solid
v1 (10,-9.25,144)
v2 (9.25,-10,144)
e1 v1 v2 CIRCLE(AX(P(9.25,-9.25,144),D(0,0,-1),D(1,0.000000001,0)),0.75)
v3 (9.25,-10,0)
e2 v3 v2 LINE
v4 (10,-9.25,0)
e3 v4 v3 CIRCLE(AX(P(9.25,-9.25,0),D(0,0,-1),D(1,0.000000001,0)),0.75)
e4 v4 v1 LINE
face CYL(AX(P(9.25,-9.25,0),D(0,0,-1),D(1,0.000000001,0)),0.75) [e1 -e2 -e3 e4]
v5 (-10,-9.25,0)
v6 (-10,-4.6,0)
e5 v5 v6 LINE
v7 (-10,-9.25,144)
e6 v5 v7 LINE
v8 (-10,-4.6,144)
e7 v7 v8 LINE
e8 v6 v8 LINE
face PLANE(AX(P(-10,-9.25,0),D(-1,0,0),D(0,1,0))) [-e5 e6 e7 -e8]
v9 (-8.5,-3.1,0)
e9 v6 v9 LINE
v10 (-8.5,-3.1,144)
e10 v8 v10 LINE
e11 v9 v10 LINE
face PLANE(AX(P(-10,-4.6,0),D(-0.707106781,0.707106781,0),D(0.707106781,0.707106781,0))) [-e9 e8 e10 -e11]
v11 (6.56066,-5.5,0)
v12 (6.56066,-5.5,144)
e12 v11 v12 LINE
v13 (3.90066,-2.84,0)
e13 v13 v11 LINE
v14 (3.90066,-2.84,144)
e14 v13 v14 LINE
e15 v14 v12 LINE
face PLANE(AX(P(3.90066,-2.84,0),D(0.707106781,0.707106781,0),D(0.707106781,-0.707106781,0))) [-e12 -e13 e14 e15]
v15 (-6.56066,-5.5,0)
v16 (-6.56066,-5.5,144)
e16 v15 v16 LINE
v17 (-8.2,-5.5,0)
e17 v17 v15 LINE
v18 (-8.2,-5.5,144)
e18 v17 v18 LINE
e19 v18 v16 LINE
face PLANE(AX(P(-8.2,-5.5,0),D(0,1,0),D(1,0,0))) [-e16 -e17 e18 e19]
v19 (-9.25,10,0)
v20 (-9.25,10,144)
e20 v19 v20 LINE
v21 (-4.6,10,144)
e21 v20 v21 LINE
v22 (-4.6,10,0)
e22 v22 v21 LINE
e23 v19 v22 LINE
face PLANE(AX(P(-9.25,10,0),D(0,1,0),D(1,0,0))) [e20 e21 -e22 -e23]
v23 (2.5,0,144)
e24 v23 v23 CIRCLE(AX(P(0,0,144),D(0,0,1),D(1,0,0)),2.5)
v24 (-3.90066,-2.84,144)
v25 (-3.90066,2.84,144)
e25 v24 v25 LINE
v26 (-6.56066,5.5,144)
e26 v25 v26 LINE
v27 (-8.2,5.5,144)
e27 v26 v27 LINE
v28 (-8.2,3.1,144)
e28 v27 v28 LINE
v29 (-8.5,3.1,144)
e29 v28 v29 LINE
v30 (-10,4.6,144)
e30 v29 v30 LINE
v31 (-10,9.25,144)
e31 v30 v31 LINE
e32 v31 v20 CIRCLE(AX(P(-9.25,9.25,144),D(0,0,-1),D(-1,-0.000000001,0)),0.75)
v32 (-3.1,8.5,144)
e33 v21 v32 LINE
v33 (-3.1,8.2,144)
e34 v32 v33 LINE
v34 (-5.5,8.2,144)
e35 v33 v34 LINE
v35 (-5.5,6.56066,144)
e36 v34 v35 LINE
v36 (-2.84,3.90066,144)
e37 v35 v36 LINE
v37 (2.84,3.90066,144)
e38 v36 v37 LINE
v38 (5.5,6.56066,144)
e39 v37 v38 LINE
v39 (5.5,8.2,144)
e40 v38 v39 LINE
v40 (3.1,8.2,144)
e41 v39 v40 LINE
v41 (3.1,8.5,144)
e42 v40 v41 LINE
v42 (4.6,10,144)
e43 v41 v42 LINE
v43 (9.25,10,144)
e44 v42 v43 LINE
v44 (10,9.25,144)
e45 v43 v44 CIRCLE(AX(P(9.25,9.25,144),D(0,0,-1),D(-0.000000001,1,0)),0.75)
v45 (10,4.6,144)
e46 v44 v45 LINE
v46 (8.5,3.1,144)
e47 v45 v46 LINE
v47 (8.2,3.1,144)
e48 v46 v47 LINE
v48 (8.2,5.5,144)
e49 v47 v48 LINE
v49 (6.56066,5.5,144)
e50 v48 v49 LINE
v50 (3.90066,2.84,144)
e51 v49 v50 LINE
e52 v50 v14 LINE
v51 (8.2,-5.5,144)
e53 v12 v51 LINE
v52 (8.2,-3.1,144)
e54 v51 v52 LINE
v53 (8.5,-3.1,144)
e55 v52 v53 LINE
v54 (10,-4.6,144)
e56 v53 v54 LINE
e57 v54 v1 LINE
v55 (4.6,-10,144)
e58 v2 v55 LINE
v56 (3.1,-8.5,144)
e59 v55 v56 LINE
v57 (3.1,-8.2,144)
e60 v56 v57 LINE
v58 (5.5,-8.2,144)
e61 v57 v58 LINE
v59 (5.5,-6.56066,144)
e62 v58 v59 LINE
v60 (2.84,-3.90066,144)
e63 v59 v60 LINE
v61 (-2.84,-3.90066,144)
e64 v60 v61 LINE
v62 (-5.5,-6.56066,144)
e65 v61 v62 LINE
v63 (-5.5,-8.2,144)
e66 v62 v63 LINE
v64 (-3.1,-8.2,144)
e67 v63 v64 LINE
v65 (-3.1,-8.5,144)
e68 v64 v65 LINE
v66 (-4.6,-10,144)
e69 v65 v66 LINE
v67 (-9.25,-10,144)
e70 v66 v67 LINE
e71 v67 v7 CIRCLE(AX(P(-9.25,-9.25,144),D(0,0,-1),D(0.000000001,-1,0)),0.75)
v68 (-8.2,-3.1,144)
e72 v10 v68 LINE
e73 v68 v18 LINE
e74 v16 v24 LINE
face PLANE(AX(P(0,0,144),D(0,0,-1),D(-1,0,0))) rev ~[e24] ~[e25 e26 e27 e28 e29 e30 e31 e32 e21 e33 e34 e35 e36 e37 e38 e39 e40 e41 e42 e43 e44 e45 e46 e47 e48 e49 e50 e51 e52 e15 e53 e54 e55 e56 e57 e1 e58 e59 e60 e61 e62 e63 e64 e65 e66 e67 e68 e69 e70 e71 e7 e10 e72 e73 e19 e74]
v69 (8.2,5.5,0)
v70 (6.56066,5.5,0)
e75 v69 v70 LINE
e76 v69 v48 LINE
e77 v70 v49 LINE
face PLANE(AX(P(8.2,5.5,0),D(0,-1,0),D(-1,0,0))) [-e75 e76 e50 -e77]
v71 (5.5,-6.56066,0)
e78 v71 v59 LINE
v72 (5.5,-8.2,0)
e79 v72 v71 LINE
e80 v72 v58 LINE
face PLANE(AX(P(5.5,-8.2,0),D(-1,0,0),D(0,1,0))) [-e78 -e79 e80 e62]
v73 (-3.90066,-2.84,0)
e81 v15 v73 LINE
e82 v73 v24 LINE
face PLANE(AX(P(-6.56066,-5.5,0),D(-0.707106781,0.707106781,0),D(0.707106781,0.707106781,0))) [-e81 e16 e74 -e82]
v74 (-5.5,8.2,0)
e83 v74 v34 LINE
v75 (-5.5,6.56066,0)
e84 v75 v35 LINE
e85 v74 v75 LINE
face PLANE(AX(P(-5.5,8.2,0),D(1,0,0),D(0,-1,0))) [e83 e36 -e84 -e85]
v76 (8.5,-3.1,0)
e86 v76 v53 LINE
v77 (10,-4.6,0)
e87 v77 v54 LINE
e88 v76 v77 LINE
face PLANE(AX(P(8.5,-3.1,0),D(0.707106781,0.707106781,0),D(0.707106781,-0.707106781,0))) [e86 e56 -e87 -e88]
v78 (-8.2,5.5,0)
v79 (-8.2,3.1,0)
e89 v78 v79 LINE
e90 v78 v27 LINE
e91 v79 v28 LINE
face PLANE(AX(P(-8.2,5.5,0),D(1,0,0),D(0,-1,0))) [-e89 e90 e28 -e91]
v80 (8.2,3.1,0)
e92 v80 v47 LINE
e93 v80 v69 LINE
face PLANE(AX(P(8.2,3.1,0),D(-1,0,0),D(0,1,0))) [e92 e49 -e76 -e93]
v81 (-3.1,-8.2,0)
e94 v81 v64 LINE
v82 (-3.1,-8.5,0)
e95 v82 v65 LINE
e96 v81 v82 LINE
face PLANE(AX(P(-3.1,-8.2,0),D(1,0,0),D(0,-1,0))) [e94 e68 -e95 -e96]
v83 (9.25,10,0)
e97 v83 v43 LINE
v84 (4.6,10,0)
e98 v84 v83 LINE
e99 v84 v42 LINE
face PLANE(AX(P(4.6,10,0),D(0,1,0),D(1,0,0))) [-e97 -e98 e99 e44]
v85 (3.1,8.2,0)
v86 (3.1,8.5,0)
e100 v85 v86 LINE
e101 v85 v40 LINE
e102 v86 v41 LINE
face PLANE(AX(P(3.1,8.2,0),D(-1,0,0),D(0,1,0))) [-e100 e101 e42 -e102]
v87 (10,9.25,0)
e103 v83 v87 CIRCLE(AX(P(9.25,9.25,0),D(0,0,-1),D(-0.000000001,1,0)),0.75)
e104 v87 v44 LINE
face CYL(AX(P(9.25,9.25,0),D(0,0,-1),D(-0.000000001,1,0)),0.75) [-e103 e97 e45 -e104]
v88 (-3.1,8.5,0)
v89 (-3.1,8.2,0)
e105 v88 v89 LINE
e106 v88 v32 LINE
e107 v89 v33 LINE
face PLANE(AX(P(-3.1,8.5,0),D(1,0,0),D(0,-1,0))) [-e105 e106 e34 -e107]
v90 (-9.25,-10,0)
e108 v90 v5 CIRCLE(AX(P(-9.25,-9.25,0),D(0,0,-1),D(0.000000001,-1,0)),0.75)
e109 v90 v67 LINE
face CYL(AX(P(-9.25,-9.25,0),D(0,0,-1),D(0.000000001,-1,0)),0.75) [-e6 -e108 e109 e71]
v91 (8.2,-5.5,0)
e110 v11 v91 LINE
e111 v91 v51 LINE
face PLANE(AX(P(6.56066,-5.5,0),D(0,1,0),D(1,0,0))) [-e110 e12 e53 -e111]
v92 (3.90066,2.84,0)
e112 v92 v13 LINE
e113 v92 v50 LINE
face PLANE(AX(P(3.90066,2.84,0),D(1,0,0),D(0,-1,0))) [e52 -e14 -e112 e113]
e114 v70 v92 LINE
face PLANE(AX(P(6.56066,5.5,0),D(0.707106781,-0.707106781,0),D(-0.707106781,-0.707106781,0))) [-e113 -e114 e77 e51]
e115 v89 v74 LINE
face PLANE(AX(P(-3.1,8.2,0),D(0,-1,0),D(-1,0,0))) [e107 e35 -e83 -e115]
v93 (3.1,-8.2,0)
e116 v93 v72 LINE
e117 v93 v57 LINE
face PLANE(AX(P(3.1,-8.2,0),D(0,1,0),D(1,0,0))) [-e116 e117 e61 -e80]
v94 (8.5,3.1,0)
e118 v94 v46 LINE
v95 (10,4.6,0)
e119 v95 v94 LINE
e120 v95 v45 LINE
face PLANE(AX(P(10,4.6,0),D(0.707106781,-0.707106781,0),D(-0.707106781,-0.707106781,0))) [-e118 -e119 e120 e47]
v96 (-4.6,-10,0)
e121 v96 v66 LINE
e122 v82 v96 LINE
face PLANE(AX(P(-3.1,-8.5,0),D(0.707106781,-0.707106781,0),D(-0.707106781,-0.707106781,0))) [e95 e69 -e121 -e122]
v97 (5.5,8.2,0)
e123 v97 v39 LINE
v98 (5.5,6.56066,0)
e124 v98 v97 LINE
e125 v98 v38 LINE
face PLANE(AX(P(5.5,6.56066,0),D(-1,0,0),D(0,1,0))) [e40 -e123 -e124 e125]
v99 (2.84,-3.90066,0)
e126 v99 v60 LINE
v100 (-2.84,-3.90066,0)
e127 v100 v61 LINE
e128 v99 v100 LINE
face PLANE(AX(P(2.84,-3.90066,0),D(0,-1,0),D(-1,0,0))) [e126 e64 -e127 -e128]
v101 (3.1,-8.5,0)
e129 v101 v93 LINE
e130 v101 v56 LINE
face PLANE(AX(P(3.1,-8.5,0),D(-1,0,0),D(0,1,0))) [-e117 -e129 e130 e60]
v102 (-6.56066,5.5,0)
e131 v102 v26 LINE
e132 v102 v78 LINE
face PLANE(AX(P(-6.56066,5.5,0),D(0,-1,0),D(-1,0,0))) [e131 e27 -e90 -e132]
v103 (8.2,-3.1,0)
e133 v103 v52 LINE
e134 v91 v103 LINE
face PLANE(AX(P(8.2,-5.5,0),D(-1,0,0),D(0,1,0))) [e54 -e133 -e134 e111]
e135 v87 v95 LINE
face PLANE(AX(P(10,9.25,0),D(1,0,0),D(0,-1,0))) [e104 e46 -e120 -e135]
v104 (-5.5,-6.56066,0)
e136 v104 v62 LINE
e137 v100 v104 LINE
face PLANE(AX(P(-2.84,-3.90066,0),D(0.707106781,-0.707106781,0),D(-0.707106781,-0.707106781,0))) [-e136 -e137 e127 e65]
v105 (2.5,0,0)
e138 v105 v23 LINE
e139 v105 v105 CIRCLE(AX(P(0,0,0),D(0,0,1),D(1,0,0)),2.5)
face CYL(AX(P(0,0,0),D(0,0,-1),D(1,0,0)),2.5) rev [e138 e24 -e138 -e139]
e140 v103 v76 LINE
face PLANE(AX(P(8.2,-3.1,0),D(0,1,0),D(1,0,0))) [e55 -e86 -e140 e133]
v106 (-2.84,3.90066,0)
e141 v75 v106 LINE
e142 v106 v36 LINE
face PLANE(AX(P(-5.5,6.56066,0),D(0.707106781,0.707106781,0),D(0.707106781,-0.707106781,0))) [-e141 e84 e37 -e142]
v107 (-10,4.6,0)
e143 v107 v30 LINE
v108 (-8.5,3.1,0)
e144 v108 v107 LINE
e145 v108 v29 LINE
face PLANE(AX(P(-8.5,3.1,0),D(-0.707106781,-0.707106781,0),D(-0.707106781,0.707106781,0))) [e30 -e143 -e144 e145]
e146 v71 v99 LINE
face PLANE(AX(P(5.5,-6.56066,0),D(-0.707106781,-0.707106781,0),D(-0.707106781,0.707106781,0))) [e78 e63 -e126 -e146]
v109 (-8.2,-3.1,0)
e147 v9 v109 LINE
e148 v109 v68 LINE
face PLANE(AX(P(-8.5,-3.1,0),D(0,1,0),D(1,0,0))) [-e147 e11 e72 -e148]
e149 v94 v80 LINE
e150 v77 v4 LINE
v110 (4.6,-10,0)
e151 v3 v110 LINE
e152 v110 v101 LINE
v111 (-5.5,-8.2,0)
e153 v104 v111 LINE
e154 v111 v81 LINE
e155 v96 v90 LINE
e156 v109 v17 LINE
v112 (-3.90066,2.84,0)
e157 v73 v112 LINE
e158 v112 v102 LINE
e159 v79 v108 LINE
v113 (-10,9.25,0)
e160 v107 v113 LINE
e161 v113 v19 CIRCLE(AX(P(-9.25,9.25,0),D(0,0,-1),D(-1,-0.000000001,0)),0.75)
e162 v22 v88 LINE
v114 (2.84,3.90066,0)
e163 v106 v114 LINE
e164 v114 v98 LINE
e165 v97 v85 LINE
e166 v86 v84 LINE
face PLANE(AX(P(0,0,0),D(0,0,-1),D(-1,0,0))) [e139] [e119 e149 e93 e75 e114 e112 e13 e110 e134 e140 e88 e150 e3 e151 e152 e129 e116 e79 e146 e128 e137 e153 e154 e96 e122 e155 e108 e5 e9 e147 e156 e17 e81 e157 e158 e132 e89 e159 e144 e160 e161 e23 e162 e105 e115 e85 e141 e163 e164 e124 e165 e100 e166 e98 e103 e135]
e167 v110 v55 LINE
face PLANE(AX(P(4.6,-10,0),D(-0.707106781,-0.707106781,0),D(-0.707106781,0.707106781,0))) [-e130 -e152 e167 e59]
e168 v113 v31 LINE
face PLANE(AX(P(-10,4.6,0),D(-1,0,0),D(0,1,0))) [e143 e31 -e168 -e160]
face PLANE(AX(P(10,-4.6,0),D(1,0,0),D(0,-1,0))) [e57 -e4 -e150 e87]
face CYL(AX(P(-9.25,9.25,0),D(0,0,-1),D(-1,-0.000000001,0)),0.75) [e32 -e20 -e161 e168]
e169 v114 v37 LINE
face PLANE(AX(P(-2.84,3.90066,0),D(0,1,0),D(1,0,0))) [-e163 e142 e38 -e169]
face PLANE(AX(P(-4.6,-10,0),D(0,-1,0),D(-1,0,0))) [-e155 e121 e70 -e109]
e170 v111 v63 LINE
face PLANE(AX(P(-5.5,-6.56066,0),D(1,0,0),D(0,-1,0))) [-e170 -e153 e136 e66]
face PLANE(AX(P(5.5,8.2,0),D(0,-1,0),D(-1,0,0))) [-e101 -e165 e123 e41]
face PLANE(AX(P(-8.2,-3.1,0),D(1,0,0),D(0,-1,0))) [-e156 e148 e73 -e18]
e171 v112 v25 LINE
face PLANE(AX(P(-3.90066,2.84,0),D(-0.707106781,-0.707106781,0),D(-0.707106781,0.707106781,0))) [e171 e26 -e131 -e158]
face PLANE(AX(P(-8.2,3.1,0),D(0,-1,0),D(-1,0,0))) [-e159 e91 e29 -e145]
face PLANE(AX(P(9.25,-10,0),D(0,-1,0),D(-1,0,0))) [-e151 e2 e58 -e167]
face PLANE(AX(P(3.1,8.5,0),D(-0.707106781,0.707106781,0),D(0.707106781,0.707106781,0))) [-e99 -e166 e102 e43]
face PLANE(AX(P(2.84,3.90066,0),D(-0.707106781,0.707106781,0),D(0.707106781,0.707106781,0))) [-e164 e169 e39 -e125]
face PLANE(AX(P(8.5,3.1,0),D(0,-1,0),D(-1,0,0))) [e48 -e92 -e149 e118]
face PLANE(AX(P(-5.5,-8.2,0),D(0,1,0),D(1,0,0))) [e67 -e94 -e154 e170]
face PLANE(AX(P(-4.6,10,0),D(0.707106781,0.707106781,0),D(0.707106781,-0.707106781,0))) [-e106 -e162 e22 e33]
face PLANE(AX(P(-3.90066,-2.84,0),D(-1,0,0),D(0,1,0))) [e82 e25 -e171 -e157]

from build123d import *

# Parameters (mm, degrees)
CROQUIS1_R              = 2.5
SALIENTE_EXTRUIR1_DEPTH = 144


with BuildPart() as part:
    # Croquis1 → Saliente-Extruir1 (new body)
    with BuildSketch(Plane.XY):
        with BuildLine():
            Line((-4.6, 10), (-3.1, 8.5))
            Line((-3.1, 8.5), (-3.1, 8.2))
            Line((-3.1, 8.2), (-5.5, 8.2))
            Line((-5.5, 8.2), (-5.5, 6.560660172))
            Line((-5.5, 6.560660172), (-2.84, 3.900660172))
            Line((-2.84, 3.900660172), (0, 3.900660172))
            Line((0, 3.900660172), (2.84, 3.900660172))
            Line((2.84, 3.900660172), (5.5, 6.560660172))
            Line((5.5, 6.560660172), (5.5, 8.2))
            Line((5.5, 8.2), (3.1, 8.2))
            Line((3.1, 8.2), (3.1, 8.5))
            Line((3.1, 8.5), (4.6, 10))
            Line((4.6, 10), (9.25, 10))
            ThreePointArc((9.25, 10), (9.780330086, 9.780330086), (10, 9.25))
            Line((10, 9.25), (10, 4.6))
            Line((10, 4.6), (8.5, 3.1))
            Line((8.5, 3.1), (8.2, 3.1))
            Line((8.2, 3.1), (8.2, 5.5))
            Line((8.2, 5.5), (6.560660172, 5.5))
            Line((6.560660172, 5.5), (3.900660172, 2.84))
            Line((3.900660172, 2.84), (3.900660172, 0))
            Line((3.900660172, 0), (3.900660172, -2.84))
            Line((3.900660172, -2.84), (6.560660172, -5.5))
            Line((6.560660172, -5.5), (8.2, -5.5))
            Line((8.2, -5.5), (8.2, -3.1))
            Line((8.2, -3.1), (8.5, -3.1))
            Line((8.5, -3.1), (10, -4.6))
            Line((10, -4.6), (10, -9.25))
            ThreePointArc((10, -9.25), (9.780330086, -9.780330086), (9.25, -10))
            Line((9.25, -10), (4.6, -10))
            Line((4.6, -10), (3.1, -8.5))
            Line((3.1, -8.5), (3.1, -8.2))
            Line((3.1, -8.2), (5.5, -8.2))
            Line((5.5, -8.2), (5.5, -6.560660172))
            Line((5.5, -6.560660172), (2.84, -3.900660172))
            Line((2.84, -3.900660172), (0, -3.900660172))
            Line((0, -3.900660172), (-2.84, -3.900660172))
            Line((-2.84, -3.900660172), (-5.5, -6.560660172))
            Line((-5.5, -6.560660172), (-5.5, -8.2))
            Line((-5.5, -8.2), (-3.1, -8.2))
            Line((-3.1, -8.2), (-3.1, -8.5))
            Line((-3.1, -8.5), (-4.6, -10))
            Line((-4.6, -10), (-9.25, -10))
            ThreePointArc((-9.25, -10), (-9.780330086, -9.780330086), (-10, -9.25))
            Line((-10, -9.25), (-10, -4.6))
            Line((-10, -4.6), (-8.5, -3.1))
            Line((-8.5, -3.1), (-8.2, -3.1))
            Line((-8.2, -3.1), (-8.2, -5.5))
            Line((-8.2, -5.5), (-6.560660172, -5.5))
            Line((-6.560660172, -5.5), (-3.900660172, -2.84))
            Line((-3.900660172, -2.84), (-3.900660172, 0))
            Line((-3.900660172, 0), (-3.900660172, 2.84))
            Line((-3.900660172, 2.84), (-6.560660172, 5.5))
            Line((-6.560660172, 5.5), (-8.2, 5.5))
            Line((-8.2, 5.5), (-8.2, 3.1))
            Line((-8.2, 3.1), (-8.5, 3.1))
            Line((-8.5, 3.1), (-10, 4.6))
            Line((-10, 4.6), (-10, 9.25))
            ThreePointArc((-10, 9.25), (-9.780330086, 9.780330086), (-9.25, 10))
            Line((-9.25, 10), (-4.6, 10))
        make_face()
        Circle(CROQUIS1_R, mode=Mode.SUBTRACT)
    extrude(amount=SALIENTE_EXTRUIR1_DEPTH)


solid = part.part
